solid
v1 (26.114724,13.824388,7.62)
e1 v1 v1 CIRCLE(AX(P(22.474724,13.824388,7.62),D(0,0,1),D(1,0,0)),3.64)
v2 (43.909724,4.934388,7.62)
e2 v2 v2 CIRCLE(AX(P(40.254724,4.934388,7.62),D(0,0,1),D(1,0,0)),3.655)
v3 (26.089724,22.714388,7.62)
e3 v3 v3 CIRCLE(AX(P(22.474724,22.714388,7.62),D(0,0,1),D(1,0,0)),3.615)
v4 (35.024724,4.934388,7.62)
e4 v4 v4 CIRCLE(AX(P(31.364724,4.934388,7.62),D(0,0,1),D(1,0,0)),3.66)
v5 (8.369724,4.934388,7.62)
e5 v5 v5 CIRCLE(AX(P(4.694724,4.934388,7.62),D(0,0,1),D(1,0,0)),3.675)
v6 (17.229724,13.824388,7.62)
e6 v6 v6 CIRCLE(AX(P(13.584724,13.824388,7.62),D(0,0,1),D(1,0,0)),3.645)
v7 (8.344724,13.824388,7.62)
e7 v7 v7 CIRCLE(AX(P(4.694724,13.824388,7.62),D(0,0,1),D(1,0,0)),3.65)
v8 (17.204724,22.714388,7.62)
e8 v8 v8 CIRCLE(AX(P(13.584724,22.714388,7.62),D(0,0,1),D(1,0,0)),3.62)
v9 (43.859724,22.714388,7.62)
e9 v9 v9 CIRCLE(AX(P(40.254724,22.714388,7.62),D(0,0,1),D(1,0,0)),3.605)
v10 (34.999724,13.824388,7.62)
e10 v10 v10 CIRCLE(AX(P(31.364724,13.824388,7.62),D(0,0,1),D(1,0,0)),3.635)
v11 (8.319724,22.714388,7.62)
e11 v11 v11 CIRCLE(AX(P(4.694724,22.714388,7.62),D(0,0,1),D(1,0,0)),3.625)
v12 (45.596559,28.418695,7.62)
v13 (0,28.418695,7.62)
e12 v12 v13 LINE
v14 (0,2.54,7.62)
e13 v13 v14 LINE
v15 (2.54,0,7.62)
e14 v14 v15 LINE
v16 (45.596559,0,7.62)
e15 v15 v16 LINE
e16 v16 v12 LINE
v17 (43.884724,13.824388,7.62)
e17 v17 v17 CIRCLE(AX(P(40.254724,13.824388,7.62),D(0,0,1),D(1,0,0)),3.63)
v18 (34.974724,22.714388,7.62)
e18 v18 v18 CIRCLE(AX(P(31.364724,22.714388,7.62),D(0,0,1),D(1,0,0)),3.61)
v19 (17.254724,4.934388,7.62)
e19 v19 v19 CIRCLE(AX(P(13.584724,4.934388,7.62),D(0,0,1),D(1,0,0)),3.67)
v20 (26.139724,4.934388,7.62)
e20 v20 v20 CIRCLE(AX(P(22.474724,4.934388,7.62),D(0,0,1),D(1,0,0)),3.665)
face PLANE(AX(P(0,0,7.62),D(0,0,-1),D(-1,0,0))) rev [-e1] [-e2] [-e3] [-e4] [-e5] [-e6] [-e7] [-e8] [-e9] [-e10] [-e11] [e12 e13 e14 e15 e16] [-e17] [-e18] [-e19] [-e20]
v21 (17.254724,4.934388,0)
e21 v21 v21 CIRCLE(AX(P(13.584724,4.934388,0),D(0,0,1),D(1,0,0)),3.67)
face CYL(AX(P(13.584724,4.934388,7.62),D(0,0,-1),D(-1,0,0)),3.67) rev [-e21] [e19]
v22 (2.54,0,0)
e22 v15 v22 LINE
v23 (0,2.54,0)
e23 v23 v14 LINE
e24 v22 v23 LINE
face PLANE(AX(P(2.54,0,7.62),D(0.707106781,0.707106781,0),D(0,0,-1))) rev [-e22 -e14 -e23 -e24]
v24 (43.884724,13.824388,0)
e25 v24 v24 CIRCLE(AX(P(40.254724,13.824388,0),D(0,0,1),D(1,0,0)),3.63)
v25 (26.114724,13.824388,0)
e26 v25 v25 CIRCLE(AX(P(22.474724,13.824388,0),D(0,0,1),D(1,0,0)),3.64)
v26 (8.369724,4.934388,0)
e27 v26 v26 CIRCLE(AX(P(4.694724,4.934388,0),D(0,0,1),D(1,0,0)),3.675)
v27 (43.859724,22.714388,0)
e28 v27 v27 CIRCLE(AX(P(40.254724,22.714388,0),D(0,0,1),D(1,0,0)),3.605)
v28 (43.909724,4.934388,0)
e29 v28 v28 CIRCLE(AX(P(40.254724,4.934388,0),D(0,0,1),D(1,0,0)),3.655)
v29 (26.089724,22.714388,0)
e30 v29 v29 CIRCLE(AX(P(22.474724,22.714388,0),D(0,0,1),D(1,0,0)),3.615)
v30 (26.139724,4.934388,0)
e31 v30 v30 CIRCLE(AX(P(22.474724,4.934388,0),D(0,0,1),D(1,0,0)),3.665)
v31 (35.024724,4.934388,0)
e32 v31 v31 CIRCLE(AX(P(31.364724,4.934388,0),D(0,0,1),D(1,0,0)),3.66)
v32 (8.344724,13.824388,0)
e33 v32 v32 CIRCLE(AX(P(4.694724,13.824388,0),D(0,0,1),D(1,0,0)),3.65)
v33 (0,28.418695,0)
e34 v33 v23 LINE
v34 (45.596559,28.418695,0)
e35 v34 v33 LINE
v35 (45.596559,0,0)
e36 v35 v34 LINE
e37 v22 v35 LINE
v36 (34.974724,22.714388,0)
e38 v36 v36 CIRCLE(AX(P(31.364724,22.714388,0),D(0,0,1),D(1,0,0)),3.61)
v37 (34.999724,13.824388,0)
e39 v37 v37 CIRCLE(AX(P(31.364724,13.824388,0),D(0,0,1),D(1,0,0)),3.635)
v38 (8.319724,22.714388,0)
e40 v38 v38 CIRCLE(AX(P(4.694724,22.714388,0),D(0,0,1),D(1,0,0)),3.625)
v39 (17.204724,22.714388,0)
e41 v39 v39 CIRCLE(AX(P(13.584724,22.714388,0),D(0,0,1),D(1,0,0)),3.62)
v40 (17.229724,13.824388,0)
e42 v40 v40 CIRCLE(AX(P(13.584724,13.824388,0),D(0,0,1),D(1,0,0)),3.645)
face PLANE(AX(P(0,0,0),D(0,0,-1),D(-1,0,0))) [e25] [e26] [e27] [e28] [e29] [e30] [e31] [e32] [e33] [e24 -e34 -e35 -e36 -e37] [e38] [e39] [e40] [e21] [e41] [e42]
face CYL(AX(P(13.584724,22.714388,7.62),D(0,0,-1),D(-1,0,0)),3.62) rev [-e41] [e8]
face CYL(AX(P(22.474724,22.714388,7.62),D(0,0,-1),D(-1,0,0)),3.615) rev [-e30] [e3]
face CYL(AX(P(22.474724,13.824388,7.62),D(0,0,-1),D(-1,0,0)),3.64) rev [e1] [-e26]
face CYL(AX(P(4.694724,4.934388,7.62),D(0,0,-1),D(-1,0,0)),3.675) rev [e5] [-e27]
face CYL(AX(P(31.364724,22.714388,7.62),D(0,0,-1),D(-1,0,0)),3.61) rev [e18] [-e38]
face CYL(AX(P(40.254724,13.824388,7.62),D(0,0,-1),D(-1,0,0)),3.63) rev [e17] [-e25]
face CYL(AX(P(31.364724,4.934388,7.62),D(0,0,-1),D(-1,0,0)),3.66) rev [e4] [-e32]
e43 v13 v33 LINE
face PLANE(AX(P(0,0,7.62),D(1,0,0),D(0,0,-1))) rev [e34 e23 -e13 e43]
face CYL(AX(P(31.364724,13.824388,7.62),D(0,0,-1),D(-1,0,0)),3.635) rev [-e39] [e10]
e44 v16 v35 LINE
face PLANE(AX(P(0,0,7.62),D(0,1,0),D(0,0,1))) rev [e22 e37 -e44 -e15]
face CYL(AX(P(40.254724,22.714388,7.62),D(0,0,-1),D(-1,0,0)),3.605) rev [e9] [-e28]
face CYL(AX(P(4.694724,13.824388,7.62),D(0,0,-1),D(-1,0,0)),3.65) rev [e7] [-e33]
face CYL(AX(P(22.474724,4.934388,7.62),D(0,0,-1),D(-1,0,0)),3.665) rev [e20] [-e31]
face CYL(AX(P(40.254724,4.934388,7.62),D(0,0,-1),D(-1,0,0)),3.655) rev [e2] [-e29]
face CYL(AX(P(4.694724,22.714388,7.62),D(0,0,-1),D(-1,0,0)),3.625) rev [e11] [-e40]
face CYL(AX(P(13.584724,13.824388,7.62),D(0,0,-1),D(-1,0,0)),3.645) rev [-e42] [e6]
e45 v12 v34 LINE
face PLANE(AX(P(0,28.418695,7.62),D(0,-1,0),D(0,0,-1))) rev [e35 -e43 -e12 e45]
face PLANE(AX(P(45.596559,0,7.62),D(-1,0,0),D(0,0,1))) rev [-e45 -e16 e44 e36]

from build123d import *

# Parameters (mm, degrees)
SKETCH1_W           = 45.596558684
SKETCH1_H           = 28.418694735
SKETCH1_R           = 3.675
SKETCH1_R_2         = 3.67
SKETCH1_R_3         = 3.665
SKETCH1_R_4         = 3.66
SKETCH1_R_5         = 3.655
SKETCH1_R_6         = 3.645
SKETCH1_R_7         = 3.64
SKETCH1_R_8         = 3.635
SKETCH1_R_9         = 3.63
SKETCH1_R_10        = 3.62
SKETCH1_R_11        = 3.615
SKETCH1_R_12        = 3.61
SKETCH1_R_13        = 3.605
SKETCH1_R_14        = 3.65
SKETCH1_R_15        = 3.625
BOSS_EXTRUDE1_DEPTH = 7.62
CHAMFER1_SIZE       = 2.54


with BuildPart() as part:
    # Sketch1 → Boss-Extrude1 (new body)
    with BuildSketch(Plane.XY):
        with Locations((22.798279342, 14.209347368)):
            Rectangle(SKETCH1_W, SKETCH1_H)
        with Locations((4.694723918, 4.934387692)):
            Circle(SKETCH1_R, mode=Mode.SUBTRACT)
        with Locations((13.584723918, 4.934387692)):
            Circle(SKETCH1_R_2, mode=Mode.SUBTRACT)
        with Locations((22.474723918, 4.934387692)):
            Circle(SKETCH1_R_3, mode=Mode.SUBTRACT)
        with Locations((31.364723918, 4.934387692)):
            Circle(SKETCH1_R_4, mode=Mode.SUBTRACT)
        with Locations((40.254723918, 4.934387692)):
            Circle(SKETCH1_R_5, mode=Mode.SUBTRACT)
        with Locations((13.584723918, 13.824387692)):
            Circle(SKETCH1_R_6, mode=Mode.SUBTRACT)
        with Locations((22.474723918, 13.824387692)):
            Circle(SKETCH1_R_7, mode=Mode.SUBTRACT)
        with Locations((31.364723918, 13.824387692)):
            Circle(SKETCH1_R_8, mode=Mode.SUBTRACT)
        with Locations((40.254723918, 13.824387692)):
            Circle(SKETCH1_R_9, mode=Mode.SUBTRACT)
        with Locations((13.584723918, 22.714387692)):
            Circle(SKETCH1_R_10, mode=Mode.SUBTRACT)
        with Locations((22.474723918, 22.714387692)):
            Circle(SKETCH1_R_11, mode=Mode.SUBTRACT)
        with Locations((31.364723918, 22.714387692)):
            Circle(SKETCH1_R_12, mode=Mode.SUBTRACT)
        with Locations((40.254723918, 22.714387692)):
            Circle(SKETCH1_R_13, mode=Mode.SUBTRACT)
        with Locations((4.694723918, 13.824387692)):
            Circle(SKETCH1_R_14, mode=Mode.SUBTRACT)
        with Locations((4.694723918, 22.714387692)):
            Circle(SKETCH1_R_15, mode=Mode.SUBTRACT)
    extrude(amount=BOSS_EXTRUDE1_DEPTH)

    # Chamfer1
    chamfer1_edges = [part.edges().sort_by_distance(p)[0] for p in [
        (0, 0, 3.81),
    ]]
    chamfer(chamfer1_edges, length=CHAMFER1_SIZE)


solid = part.part
